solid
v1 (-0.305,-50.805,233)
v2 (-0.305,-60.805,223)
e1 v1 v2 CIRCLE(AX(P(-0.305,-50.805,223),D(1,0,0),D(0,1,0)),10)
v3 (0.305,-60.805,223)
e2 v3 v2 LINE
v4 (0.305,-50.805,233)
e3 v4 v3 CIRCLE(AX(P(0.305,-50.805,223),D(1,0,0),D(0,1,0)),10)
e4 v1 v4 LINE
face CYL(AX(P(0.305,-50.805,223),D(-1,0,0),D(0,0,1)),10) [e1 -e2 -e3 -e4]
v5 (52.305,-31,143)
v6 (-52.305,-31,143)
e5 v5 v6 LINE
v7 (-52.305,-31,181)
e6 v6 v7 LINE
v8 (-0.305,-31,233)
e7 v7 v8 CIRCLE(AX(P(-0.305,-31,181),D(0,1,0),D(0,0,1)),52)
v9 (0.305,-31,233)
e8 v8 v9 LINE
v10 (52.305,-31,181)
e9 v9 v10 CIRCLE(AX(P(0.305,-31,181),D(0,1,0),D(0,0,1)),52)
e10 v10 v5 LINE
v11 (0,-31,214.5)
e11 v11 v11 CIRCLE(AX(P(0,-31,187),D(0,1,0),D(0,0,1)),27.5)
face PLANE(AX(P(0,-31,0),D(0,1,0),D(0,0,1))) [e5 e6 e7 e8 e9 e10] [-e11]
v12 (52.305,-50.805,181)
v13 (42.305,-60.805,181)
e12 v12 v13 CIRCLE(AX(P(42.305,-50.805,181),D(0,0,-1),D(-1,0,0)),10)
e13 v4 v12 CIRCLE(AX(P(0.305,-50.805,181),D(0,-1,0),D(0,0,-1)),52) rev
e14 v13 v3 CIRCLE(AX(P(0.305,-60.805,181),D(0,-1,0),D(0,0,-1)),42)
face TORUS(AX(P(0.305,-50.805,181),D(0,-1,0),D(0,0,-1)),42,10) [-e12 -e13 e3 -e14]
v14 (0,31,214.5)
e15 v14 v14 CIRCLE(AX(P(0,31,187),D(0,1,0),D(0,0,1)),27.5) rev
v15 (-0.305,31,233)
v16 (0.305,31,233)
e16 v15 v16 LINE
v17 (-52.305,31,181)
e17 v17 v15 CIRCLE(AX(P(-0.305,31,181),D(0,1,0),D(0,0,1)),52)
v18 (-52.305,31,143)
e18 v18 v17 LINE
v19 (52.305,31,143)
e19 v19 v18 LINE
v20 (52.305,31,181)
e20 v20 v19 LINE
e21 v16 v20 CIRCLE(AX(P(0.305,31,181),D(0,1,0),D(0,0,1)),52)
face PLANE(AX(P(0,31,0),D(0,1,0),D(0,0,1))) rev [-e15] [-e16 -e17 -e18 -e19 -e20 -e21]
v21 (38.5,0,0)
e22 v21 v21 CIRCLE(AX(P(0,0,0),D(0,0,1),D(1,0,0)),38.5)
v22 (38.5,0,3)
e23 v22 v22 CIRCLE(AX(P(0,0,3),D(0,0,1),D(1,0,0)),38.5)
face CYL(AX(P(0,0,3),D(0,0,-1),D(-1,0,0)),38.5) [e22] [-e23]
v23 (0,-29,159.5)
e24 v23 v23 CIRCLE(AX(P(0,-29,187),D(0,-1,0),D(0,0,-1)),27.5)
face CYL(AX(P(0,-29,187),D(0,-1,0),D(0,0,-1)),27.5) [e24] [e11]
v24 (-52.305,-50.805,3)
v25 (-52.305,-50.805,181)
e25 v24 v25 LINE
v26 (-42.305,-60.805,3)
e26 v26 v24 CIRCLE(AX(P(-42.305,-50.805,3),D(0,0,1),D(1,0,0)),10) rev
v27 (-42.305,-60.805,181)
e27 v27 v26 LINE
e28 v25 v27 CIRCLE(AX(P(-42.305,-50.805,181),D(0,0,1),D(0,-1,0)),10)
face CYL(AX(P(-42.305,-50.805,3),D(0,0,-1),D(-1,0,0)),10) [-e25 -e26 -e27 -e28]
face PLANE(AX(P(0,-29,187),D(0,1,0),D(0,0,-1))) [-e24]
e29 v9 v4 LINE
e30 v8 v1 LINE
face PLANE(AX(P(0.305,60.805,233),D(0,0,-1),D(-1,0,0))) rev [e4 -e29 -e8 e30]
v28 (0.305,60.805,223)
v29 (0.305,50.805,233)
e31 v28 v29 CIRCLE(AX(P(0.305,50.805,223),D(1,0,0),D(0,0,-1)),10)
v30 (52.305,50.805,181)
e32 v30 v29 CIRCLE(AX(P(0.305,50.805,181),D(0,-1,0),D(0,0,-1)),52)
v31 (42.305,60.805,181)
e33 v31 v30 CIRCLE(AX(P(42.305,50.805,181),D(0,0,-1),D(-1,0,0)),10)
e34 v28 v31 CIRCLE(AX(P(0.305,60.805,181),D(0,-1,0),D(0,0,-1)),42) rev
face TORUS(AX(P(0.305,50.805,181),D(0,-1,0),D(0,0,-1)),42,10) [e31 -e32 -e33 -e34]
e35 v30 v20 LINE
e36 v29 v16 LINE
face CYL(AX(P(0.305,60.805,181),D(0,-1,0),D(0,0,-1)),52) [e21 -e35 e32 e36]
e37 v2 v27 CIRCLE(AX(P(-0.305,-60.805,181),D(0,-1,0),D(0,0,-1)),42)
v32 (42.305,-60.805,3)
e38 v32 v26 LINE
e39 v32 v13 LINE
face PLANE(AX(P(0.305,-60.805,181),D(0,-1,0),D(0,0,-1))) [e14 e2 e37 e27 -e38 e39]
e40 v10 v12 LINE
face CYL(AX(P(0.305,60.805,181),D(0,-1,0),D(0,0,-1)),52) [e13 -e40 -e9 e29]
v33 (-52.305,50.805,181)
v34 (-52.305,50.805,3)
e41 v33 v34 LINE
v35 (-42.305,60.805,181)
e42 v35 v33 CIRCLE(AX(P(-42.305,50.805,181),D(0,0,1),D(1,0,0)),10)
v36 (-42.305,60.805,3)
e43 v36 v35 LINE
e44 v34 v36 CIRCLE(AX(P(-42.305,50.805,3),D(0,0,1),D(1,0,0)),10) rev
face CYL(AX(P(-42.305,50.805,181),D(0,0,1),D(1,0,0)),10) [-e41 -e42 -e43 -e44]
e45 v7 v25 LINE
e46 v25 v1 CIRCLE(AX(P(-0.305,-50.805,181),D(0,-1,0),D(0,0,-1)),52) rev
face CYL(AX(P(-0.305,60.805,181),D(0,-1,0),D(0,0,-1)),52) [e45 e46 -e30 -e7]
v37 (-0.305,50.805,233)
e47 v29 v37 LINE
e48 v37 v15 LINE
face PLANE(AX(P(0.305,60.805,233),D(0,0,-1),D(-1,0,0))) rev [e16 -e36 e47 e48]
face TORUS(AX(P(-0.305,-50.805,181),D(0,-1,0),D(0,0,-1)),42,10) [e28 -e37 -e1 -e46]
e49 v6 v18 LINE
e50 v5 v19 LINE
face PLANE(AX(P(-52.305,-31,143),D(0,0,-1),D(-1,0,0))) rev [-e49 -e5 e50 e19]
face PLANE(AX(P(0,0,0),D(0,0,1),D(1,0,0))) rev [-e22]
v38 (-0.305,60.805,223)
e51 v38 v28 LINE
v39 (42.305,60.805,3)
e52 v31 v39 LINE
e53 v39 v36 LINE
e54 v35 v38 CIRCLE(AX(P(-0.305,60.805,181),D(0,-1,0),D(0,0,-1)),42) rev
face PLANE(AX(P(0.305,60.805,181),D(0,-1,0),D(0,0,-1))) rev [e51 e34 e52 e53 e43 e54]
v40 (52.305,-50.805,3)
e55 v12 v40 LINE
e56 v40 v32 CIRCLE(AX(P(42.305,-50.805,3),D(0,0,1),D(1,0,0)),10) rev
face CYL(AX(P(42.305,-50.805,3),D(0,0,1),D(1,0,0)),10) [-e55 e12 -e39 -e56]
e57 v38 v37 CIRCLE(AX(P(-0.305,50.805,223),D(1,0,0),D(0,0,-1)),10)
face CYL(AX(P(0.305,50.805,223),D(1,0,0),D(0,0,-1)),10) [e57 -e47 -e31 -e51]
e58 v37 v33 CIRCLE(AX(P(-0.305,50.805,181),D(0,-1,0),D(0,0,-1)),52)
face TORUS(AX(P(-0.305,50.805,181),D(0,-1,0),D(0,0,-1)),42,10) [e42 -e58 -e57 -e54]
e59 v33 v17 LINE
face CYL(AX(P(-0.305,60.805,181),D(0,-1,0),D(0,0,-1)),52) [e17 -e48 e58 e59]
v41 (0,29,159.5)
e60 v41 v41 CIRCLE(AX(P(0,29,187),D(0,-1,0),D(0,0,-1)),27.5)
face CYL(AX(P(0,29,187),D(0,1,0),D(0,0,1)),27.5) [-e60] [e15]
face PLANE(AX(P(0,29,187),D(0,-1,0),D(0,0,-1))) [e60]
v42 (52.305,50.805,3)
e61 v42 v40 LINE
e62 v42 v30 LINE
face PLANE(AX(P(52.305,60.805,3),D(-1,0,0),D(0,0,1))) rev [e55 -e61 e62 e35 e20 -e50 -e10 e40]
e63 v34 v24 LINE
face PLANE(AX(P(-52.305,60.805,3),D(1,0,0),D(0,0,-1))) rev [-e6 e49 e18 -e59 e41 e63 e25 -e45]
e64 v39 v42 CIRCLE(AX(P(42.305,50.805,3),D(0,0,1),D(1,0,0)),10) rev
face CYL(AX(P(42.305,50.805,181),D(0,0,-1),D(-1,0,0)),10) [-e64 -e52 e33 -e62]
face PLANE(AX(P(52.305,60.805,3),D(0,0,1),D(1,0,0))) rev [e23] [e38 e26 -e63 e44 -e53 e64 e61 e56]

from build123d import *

# Parameters (mm, degrees)
SCHIZZO4_R           = 38.5
CORPOCONTATTO_DEPTH  = 3
CORPOROTANTE_DEPTH   = 60.805
RACCORDO_R           = 10
SCHIZZO6_W           = 104.61
SCHIZZO6_H           = 90
TAGLIOCENTRALE_DEPTH = 31
SCHIZZO7_R           = 27.5
CONTATTO_DEPTH       = 2


with BuildPart() as part:
    # Schizzo4 → CorpoContatto (new body)
    with BuildSketch(Plane.XY):
        Circle(SCHIZZO4_R)
    extrude(amount=CORPOCONTATTO_DEPTH)

    # Schizzo5 → CorpoRotante (add, symmetric)
    with BuildSketch(Plane(origin=(0, 0, 0), x_dir=(1, 0, 0), z_dir=(0, 1, 0))):
        with BuildLine():
            Line((52.305, -3), (-52.305, -3))
            Line((-52.305, -3), (-52.305, -181))
            ThreePointArc((-52.305, -181), (-37.074552622, -217.769552622), (-0.305, -233))
            Line((-0.305, -233), (0.305, -233))
            ThreePointArc((0.305, -233), (37.074552622, -217.769552622), (52.305, -181))
            Line((52.305, -181), (52.305, -3))
        make_face()
    extrude(amount=CORPOROTANTE_DEPTH, both=True)

    # Raccordo
    raccordo_edges = [part.edges().sort_by_distance(p)[0] for p in [
        (52.305, -60.805, 92),
        (-52.305, -60.805, 92),
        (-37.074552622, -60.805, 217.769552622),
        (0, -60.805, 233),
        (37.074552622, -60.805, 217.769552622),
        (52.305, 60.805, 92),
        (-52.305, 60.805, 92),
        (-37.074552622, 60.805, 217.769552622),
        (0, 60.805, 233),
        (37.074552622, 60.805, 217.769552622),
    ]]
    fillet(raccordo_edges, radius=RACCORDO_R)

    # Schizzo6 → TaglioCentrale (cut, symmetric)
    with BuildSketch(Plane(origin=(0, 0, 0), x_dir=(1, 0, 0), z_dir=(0, 1, 0))):
        with Locations((0, -188)):
            Rectangle(SCHIZZO6_W, SCHIZZO6_H)
    extrude(amount=TAGLIOCENTRALE_DEPTH, both=True, mode=Mode.SUBTRACT)

    # Schizzo7 → Contatto (add)
    with BuildSketch(Plane.XZ.offset(-31)):
        with Locations(Location((0, 187, 0), (0, 0, 90))):
            Circle(SCHIZZO7_R)
    contatto = extrude(amount=CONTATTO_DEPTH)

    # Specchia1: Contatto across plane
    add(contatto.mirror(Plane.ZX))


solid = part.part
